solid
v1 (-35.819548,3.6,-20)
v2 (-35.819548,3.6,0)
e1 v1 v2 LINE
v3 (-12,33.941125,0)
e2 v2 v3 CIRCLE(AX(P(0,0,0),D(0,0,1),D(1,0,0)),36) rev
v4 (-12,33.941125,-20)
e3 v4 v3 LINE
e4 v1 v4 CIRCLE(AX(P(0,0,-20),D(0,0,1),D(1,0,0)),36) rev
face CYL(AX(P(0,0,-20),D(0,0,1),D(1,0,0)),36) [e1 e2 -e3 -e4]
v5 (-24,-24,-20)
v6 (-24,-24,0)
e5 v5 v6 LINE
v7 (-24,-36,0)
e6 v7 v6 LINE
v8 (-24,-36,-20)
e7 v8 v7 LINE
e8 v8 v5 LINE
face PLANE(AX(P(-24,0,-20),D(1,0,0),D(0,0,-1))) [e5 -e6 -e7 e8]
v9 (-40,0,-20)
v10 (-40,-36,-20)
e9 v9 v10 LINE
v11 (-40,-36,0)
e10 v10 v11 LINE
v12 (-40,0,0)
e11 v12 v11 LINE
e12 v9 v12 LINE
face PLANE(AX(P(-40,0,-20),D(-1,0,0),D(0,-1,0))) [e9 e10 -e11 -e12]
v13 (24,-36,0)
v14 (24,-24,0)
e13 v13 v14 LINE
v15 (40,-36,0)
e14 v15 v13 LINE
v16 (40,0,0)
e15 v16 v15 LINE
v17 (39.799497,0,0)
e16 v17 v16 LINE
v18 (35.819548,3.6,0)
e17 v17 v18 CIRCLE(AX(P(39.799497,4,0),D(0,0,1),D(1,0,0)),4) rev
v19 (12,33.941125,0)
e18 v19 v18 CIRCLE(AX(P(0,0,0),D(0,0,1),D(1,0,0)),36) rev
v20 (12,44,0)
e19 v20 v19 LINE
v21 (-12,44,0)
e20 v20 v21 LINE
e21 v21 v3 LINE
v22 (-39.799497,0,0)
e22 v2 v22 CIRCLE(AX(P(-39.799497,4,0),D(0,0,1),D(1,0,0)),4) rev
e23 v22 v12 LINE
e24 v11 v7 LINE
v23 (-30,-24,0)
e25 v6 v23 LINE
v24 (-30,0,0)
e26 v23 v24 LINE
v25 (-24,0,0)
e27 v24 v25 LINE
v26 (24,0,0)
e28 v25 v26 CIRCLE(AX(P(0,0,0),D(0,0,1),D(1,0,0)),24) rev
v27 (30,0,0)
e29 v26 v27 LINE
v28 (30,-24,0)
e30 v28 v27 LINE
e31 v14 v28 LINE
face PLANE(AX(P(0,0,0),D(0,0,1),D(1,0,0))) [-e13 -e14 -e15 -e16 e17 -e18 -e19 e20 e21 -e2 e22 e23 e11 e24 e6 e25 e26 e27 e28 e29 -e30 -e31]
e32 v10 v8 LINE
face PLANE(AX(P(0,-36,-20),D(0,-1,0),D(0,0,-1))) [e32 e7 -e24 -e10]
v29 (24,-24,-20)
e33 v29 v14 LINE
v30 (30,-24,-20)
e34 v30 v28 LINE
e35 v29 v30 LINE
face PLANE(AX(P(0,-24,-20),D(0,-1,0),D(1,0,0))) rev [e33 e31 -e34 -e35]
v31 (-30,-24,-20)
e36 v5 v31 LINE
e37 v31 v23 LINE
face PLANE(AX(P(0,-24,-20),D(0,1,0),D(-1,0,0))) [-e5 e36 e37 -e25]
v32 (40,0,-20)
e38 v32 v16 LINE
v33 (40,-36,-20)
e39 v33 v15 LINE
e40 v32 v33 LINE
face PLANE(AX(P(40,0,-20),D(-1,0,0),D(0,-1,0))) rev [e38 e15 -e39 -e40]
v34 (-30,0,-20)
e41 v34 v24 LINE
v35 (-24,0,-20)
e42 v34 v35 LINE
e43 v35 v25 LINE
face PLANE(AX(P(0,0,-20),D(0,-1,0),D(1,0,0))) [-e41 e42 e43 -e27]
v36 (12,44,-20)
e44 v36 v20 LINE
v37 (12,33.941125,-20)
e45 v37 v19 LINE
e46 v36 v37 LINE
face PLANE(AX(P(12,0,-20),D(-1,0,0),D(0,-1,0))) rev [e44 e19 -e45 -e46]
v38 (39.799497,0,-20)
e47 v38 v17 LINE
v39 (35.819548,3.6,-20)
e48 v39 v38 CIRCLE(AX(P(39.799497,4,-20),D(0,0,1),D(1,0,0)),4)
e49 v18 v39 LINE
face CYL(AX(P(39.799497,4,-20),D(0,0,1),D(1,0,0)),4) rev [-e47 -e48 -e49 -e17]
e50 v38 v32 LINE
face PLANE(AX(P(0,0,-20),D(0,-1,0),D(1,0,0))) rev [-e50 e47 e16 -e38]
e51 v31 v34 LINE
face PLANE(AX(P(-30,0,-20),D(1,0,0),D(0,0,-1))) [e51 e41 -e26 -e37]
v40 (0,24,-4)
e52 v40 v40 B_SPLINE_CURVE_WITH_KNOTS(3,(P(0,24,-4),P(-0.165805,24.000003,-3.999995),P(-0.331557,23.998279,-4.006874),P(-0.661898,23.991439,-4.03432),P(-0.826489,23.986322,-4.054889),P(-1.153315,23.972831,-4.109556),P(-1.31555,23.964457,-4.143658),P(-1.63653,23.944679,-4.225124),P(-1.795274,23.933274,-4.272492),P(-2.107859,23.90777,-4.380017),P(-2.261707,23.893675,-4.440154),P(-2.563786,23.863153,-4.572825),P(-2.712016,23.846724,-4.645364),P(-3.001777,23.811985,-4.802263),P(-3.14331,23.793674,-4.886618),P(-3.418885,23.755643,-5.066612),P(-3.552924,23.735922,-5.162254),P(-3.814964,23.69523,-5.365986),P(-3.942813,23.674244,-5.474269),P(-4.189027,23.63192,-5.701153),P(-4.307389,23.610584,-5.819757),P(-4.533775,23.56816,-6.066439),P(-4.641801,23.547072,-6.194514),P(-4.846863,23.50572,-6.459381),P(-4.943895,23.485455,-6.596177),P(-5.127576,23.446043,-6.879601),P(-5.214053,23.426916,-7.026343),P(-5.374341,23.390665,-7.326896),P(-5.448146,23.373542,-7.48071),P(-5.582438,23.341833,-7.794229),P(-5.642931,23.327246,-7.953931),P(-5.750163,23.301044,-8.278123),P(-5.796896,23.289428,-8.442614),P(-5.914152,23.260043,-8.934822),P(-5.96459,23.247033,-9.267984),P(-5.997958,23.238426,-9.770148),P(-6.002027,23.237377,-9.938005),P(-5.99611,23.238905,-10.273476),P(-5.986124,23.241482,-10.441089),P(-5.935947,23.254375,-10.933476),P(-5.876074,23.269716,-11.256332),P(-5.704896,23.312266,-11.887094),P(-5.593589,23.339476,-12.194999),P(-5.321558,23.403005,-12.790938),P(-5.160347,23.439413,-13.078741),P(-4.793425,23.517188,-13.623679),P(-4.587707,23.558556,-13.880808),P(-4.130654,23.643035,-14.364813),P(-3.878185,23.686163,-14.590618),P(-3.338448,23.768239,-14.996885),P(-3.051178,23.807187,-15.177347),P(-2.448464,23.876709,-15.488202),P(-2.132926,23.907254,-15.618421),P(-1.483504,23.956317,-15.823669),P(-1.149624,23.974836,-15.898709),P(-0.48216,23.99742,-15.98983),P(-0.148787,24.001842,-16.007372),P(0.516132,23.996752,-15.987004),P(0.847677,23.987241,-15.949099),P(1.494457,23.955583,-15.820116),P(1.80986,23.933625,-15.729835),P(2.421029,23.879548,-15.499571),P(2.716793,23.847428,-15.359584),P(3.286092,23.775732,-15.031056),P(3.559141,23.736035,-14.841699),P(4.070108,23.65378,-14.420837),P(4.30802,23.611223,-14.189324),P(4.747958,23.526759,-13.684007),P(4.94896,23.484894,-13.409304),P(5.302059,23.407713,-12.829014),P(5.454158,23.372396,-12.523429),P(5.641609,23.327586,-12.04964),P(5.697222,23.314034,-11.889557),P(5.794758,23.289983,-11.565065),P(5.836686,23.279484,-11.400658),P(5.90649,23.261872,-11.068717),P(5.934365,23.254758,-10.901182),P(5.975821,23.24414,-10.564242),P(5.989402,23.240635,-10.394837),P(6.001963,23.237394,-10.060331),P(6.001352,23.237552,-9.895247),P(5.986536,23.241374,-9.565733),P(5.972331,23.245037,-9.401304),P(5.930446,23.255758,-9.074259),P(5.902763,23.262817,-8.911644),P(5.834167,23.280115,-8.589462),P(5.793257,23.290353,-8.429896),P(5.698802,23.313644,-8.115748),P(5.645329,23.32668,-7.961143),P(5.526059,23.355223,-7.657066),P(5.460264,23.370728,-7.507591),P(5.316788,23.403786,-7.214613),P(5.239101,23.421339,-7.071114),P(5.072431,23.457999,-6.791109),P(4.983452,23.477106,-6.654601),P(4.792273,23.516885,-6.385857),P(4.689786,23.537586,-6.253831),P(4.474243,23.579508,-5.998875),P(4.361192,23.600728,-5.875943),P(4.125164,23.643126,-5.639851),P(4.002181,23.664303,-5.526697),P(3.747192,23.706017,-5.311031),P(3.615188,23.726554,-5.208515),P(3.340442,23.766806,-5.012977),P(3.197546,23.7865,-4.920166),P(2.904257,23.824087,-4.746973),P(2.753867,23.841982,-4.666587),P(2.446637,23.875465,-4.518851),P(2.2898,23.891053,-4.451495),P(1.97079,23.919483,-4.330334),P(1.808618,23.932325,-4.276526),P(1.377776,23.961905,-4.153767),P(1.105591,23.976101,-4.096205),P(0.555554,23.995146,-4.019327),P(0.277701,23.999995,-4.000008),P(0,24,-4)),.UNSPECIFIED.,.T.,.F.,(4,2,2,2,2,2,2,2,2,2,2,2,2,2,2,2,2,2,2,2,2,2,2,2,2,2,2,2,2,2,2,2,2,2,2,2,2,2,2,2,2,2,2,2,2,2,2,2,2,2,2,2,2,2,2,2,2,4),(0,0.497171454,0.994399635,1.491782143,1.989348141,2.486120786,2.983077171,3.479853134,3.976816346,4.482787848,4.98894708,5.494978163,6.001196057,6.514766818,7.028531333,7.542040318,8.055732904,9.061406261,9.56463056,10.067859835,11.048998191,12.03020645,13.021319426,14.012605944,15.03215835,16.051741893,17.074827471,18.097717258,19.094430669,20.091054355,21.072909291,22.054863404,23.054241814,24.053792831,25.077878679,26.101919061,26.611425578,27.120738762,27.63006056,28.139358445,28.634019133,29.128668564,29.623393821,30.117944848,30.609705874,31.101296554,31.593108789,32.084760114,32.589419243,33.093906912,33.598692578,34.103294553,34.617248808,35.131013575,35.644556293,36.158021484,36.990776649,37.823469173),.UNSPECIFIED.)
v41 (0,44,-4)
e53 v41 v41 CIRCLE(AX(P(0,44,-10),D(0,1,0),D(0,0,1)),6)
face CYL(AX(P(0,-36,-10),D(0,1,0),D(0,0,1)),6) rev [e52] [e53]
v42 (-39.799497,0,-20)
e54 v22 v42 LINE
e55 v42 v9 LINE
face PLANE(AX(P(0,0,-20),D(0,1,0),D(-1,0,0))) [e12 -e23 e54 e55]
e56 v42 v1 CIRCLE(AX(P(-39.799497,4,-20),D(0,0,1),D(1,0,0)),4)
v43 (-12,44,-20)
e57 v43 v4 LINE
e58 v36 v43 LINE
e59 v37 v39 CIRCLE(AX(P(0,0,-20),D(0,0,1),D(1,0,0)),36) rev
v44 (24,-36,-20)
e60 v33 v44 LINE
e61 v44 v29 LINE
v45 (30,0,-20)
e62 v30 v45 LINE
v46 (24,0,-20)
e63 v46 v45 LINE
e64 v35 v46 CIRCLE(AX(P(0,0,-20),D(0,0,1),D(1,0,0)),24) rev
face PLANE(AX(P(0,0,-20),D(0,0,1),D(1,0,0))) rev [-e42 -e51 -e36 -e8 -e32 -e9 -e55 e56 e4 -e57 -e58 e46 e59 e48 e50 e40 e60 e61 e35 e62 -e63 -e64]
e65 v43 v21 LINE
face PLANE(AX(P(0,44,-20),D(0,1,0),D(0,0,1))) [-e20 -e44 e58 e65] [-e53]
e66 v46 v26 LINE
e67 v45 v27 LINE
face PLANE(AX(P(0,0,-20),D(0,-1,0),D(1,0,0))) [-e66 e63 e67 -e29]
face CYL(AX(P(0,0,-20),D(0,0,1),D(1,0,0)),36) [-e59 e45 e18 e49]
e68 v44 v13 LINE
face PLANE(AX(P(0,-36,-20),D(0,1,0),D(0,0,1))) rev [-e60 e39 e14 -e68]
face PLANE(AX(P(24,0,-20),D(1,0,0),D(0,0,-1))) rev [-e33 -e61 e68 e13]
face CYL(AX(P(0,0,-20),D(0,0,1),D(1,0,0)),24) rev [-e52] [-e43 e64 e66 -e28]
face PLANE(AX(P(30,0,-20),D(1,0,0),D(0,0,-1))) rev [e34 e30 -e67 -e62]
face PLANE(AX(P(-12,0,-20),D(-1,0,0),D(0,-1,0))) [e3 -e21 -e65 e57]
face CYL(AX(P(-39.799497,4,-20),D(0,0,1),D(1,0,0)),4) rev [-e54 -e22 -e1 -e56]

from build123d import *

# Parameters (mm, degrees)
BOSS_EXTRUDE1_DEPTH = 20
FILLET1_R           = 4
SKETCH3_R           = 6
CUT_EXTRUDE2_DEPTH  = 92.651513899


with BuildPart() as part:
    # Sketch2 → Boss-Extrude1 (new body)
    with BuildSketch(Plane.XY):
        with BuildLine():
            Line((-36, 0), (-40, 0))
            Line((-40, 0), (-40, -36))
            Line((-40, -36), (-24, -36))
            Line((-24, -36), (-24, -24))
            Line((-24, -24), (-30, -24))
            Line((-30, -24), (-30, 0))
            Line((-30, 0), (-24, 0))
            ThreePointArc((-24, 0), (0, 24), (24, 0))
            Line((24, 0), (30, 0))
            Line((30, 0), (30, -24))
            Line((30, -24), (24, -24))
            Line((24, -24), (24, -36))
            Line((24, -36), (40, -36))
            Line((40, -36), (40, 0))
            Line((40, 0), (36, 0))
            ThreePointArc((36, 0), (29.393876913, 20.784609691), (12, 33.941125497))
            Line((12, 33.941125497), (12, 44))
            Line((12, 44), (-12, 44))
            Line((-12, 44), (-12, 33.941125497))
            ThreePointArc((-12, 33.941125497), (-29.393876913, 20.784609691), (-36, 0))
        make_face()
    extrude(amount=-BOSS_EXTRUDE1_DEPTH)

    # Fillet1
    fillet1_edges = [part.edges().sort_by_distance(p)[0] for p in [
        (-36, 0, -10),
        (36, 0, -10),
    ]]
    fillet(fillet1_edges, radius=FILLET1_R)

    # Sketch3 → Cut-Extrude2 (cut, through all)
    with BuildSketch(Plane(origin=(0, 44, 0), x_dir=(1, 0, 0), z_dir=(0, 1, 0))):
        with Locations(Location((0, 10, 0), (0, 0, 270))):
            Circle(SKETCH3_R)
    extrude(amount=-CUT_EXTRUDE2_DEPTH, mode=Mode.SUBTRACT)


solid = part.part
